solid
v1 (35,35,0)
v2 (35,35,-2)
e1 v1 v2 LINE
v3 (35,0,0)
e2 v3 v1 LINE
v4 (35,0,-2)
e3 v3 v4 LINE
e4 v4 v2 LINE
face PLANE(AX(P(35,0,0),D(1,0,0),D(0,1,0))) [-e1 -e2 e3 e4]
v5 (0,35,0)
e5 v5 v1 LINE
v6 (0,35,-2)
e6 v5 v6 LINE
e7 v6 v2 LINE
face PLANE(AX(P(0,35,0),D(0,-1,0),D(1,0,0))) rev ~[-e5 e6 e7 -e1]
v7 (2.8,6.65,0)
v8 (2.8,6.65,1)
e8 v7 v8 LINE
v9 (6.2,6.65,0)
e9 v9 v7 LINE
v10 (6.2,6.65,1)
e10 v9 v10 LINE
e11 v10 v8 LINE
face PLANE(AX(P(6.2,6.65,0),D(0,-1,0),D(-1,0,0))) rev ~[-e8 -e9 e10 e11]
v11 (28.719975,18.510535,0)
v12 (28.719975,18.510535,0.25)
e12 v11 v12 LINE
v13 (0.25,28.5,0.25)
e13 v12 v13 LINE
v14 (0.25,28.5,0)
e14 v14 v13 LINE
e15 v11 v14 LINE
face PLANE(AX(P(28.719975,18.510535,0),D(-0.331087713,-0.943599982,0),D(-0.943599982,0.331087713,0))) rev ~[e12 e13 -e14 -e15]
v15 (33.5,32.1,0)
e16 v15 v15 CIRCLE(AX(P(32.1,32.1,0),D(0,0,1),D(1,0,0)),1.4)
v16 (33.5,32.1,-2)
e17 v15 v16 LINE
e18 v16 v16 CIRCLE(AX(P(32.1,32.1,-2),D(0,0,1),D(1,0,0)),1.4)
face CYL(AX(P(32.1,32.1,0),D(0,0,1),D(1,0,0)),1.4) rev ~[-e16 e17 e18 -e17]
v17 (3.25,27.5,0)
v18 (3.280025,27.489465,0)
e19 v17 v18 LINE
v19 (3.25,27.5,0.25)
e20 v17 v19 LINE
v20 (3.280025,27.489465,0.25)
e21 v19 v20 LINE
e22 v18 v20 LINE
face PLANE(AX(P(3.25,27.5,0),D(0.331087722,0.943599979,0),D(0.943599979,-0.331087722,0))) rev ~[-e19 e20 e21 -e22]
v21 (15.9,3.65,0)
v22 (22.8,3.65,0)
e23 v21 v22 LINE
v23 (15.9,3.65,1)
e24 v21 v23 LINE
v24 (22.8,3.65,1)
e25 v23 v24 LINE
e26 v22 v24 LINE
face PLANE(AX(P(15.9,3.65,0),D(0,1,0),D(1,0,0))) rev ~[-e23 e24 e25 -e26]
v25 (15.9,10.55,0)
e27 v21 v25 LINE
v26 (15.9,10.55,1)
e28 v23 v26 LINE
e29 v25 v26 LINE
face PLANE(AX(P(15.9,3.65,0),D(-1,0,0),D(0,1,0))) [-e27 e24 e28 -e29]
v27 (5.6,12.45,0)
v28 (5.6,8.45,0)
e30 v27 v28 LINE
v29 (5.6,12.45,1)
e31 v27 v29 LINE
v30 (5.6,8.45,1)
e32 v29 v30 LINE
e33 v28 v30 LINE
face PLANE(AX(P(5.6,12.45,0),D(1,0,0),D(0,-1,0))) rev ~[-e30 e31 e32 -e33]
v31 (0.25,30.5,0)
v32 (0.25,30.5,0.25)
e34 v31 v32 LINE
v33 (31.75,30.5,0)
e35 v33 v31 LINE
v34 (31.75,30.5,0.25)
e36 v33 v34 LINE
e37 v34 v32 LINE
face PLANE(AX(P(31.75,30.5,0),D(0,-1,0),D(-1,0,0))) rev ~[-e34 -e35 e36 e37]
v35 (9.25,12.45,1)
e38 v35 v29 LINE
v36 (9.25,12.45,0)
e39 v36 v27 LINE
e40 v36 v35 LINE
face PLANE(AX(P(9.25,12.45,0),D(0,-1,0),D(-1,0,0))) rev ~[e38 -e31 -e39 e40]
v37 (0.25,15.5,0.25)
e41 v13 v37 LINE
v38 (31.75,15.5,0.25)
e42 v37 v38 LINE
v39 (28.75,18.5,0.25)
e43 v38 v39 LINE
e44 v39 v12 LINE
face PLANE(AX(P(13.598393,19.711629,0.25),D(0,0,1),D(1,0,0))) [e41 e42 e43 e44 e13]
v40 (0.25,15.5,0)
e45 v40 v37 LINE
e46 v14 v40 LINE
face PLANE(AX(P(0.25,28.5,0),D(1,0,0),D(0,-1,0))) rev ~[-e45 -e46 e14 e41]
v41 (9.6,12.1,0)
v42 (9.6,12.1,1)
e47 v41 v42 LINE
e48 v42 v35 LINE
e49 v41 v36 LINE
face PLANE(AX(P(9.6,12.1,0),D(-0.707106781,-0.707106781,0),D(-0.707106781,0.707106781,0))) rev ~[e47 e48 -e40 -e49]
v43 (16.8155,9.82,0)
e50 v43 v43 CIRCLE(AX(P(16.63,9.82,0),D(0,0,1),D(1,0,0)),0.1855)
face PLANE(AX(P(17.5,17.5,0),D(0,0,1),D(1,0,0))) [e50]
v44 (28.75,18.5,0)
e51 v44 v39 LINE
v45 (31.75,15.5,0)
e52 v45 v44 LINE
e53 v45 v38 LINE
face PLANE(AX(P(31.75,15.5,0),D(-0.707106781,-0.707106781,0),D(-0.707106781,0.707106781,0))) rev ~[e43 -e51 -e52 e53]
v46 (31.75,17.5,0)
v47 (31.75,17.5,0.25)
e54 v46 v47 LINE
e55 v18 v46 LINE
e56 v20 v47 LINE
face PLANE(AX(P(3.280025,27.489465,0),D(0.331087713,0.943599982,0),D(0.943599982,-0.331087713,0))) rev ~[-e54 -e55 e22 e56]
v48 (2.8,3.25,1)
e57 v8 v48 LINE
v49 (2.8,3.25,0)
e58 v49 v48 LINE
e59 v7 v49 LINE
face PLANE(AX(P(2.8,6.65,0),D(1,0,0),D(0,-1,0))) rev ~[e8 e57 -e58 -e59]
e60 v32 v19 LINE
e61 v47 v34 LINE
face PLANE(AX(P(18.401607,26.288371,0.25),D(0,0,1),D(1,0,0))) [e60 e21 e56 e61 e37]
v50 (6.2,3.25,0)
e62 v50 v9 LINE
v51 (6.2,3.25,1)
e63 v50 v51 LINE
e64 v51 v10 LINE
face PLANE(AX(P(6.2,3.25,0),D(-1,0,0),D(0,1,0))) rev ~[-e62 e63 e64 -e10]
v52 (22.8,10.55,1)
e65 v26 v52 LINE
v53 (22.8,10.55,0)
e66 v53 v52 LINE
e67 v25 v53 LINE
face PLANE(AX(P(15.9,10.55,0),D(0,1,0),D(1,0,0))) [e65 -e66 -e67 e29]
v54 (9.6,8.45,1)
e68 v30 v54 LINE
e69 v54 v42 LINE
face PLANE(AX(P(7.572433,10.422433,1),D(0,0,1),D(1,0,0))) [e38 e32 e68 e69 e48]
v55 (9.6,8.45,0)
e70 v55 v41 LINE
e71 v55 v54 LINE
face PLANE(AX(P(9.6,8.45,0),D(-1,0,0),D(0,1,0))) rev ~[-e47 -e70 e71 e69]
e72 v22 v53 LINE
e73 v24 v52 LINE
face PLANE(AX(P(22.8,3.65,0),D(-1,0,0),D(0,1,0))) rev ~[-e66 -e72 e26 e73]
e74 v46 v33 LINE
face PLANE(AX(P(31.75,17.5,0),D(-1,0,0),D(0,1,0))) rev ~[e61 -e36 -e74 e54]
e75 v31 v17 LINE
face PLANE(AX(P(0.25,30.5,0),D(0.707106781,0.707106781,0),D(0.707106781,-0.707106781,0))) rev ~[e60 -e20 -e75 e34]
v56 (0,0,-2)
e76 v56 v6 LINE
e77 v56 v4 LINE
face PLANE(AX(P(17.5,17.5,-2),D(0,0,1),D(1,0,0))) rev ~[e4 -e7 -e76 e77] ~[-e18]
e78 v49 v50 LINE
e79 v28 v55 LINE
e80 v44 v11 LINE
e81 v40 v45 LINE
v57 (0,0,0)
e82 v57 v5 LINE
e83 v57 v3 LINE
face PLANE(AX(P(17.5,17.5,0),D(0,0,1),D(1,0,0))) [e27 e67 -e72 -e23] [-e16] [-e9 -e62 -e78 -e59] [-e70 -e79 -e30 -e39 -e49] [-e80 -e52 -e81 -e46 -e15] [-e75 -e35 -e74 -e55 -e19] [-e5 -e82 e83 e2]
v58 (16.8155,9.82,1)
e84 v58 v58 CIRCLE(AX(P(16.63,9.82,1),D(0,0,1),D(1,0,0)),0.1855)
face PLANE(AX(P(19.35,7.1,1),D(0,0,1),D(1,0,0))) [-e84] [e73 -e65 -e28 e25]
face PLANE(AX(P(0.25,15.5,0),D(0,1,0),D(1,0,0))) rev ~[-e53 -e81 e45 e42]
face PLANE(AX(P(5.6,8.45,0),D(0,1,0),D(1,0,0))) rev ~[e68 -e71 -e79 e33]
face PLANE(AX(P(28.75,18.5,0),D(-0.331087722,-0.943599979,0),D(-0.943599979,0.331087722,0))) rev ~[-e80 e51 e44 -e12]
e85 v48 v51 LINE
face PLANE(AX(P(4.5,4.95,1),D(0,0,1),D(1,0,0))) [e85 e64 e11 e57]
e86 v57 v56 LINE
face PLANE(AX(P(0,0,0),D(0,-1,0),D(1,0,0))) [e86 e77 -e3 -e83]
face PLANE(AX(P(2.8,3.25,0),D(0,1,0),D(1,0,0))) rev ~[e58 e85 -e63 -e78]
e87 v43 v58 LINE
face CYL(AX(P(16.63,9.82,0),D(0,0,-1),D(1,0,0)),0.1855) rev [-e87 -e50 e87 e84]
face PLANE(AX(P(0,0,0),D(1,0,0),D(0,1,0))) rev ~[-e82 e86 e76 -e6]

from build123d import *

# Parameters (mm, degrees)
MODEL_W             = 35
MODEL_H             = 35
BOSS_EXTRUDE1_DEPTH = 2
MODEL_3_R           = 1.4
CUT_EXTRUDE1_DEPTH  = 50.537864306
MODEL_4_W           = 6.9
MODEL_4_H           = 6.9
MODEL_4_R           = 0.1855
BOSS_EXTRUDE2_DEPTH = 1
BOSS_EXTRUDE3_DEPTH = 0.25


with BuildPart() as part:
    # Model → Boss-Extrude1 (new body)
    with BuildSketch(Plane.XY):
        with Locations((17.5, 17.5)):
            Rectangle(MODEL_W, MODEL_H)
    extrude(amount=-BOSS_EXTRUDE1_DEPTH)

    # Model<3> → Cut-Extrude1 (cut, through all)
    with BuildSketch(Plane.XY):
        with Locations((32.1, 32.1)):
            Circle(MODEL_3_R)
    extrude(amount=-CUT_EXTRUDE1_DEPTH, mode=Mode.SUBTRACT)

    # Model<4> → Boss-Extrude2 (add)
    # profile 1 of 3: a face of its own
    with BuildSketch(Plane.XY):
        with Locations((19.35, 7.1)):
            Rectangle(MODEL_4_W, MODEL_4_H)
        with Locations((16.63, 9.82)):
            Circle(MODEL_4_R, mode=Mode.SUBTRACT)
    # profile 2 of 3: a face of its own
    with BuildSketch(Plane.XY):
        Polygon((3.4508, 6.65), (2.8, 6.65), (2.8, 5.9992), (2.8, 3.9008), (2.8, 3.25), (3.4508, 3.25), (5.5492, 3.25), (6.2, 3.25), (6.2, 3.9008), (6.2, 6.65), align=None)
    # profile 3 of 3: a face of its own
    with BuildSketch(Plane.XY):
        Polygon((5.6, 8.8508), (5.6, 8.45), (6.0008, 8.45), (9.1992, 8.45), (9.6, 8.45), (9.6, 8.8508), (9.6, 12.049229733), (9.6, 12.1), (9.25, 12.45), (9.199229733, 12.45), (6.0008, 12.45), (5.6, 12.45), (5.6, 12.0492), align=None)
    extrude(amount=BOSS_EXTRUDE2_DEPTH)

    # Model<5> → Boss-Extrude3 (add)
    with BuildSketch(Plane.XY):
        Polygon((0.25, 28.5), (0.25, 15.5), (31.75, 15.5), (28.772474986, 18.477525014), (28.75, 18.5), (28.719974832, 18.510535147), align=None)
        Polygon((31.75, 30.5), (0.25, 30.5), (3.227525014, 27.522474986), (3.25, 27.5), (3.280025168, 27.489464853), (31.75, 17.5), align=None)
    extrude(amount=BOSS_EXTRUDE3_DEPTH)


solid = part.part
